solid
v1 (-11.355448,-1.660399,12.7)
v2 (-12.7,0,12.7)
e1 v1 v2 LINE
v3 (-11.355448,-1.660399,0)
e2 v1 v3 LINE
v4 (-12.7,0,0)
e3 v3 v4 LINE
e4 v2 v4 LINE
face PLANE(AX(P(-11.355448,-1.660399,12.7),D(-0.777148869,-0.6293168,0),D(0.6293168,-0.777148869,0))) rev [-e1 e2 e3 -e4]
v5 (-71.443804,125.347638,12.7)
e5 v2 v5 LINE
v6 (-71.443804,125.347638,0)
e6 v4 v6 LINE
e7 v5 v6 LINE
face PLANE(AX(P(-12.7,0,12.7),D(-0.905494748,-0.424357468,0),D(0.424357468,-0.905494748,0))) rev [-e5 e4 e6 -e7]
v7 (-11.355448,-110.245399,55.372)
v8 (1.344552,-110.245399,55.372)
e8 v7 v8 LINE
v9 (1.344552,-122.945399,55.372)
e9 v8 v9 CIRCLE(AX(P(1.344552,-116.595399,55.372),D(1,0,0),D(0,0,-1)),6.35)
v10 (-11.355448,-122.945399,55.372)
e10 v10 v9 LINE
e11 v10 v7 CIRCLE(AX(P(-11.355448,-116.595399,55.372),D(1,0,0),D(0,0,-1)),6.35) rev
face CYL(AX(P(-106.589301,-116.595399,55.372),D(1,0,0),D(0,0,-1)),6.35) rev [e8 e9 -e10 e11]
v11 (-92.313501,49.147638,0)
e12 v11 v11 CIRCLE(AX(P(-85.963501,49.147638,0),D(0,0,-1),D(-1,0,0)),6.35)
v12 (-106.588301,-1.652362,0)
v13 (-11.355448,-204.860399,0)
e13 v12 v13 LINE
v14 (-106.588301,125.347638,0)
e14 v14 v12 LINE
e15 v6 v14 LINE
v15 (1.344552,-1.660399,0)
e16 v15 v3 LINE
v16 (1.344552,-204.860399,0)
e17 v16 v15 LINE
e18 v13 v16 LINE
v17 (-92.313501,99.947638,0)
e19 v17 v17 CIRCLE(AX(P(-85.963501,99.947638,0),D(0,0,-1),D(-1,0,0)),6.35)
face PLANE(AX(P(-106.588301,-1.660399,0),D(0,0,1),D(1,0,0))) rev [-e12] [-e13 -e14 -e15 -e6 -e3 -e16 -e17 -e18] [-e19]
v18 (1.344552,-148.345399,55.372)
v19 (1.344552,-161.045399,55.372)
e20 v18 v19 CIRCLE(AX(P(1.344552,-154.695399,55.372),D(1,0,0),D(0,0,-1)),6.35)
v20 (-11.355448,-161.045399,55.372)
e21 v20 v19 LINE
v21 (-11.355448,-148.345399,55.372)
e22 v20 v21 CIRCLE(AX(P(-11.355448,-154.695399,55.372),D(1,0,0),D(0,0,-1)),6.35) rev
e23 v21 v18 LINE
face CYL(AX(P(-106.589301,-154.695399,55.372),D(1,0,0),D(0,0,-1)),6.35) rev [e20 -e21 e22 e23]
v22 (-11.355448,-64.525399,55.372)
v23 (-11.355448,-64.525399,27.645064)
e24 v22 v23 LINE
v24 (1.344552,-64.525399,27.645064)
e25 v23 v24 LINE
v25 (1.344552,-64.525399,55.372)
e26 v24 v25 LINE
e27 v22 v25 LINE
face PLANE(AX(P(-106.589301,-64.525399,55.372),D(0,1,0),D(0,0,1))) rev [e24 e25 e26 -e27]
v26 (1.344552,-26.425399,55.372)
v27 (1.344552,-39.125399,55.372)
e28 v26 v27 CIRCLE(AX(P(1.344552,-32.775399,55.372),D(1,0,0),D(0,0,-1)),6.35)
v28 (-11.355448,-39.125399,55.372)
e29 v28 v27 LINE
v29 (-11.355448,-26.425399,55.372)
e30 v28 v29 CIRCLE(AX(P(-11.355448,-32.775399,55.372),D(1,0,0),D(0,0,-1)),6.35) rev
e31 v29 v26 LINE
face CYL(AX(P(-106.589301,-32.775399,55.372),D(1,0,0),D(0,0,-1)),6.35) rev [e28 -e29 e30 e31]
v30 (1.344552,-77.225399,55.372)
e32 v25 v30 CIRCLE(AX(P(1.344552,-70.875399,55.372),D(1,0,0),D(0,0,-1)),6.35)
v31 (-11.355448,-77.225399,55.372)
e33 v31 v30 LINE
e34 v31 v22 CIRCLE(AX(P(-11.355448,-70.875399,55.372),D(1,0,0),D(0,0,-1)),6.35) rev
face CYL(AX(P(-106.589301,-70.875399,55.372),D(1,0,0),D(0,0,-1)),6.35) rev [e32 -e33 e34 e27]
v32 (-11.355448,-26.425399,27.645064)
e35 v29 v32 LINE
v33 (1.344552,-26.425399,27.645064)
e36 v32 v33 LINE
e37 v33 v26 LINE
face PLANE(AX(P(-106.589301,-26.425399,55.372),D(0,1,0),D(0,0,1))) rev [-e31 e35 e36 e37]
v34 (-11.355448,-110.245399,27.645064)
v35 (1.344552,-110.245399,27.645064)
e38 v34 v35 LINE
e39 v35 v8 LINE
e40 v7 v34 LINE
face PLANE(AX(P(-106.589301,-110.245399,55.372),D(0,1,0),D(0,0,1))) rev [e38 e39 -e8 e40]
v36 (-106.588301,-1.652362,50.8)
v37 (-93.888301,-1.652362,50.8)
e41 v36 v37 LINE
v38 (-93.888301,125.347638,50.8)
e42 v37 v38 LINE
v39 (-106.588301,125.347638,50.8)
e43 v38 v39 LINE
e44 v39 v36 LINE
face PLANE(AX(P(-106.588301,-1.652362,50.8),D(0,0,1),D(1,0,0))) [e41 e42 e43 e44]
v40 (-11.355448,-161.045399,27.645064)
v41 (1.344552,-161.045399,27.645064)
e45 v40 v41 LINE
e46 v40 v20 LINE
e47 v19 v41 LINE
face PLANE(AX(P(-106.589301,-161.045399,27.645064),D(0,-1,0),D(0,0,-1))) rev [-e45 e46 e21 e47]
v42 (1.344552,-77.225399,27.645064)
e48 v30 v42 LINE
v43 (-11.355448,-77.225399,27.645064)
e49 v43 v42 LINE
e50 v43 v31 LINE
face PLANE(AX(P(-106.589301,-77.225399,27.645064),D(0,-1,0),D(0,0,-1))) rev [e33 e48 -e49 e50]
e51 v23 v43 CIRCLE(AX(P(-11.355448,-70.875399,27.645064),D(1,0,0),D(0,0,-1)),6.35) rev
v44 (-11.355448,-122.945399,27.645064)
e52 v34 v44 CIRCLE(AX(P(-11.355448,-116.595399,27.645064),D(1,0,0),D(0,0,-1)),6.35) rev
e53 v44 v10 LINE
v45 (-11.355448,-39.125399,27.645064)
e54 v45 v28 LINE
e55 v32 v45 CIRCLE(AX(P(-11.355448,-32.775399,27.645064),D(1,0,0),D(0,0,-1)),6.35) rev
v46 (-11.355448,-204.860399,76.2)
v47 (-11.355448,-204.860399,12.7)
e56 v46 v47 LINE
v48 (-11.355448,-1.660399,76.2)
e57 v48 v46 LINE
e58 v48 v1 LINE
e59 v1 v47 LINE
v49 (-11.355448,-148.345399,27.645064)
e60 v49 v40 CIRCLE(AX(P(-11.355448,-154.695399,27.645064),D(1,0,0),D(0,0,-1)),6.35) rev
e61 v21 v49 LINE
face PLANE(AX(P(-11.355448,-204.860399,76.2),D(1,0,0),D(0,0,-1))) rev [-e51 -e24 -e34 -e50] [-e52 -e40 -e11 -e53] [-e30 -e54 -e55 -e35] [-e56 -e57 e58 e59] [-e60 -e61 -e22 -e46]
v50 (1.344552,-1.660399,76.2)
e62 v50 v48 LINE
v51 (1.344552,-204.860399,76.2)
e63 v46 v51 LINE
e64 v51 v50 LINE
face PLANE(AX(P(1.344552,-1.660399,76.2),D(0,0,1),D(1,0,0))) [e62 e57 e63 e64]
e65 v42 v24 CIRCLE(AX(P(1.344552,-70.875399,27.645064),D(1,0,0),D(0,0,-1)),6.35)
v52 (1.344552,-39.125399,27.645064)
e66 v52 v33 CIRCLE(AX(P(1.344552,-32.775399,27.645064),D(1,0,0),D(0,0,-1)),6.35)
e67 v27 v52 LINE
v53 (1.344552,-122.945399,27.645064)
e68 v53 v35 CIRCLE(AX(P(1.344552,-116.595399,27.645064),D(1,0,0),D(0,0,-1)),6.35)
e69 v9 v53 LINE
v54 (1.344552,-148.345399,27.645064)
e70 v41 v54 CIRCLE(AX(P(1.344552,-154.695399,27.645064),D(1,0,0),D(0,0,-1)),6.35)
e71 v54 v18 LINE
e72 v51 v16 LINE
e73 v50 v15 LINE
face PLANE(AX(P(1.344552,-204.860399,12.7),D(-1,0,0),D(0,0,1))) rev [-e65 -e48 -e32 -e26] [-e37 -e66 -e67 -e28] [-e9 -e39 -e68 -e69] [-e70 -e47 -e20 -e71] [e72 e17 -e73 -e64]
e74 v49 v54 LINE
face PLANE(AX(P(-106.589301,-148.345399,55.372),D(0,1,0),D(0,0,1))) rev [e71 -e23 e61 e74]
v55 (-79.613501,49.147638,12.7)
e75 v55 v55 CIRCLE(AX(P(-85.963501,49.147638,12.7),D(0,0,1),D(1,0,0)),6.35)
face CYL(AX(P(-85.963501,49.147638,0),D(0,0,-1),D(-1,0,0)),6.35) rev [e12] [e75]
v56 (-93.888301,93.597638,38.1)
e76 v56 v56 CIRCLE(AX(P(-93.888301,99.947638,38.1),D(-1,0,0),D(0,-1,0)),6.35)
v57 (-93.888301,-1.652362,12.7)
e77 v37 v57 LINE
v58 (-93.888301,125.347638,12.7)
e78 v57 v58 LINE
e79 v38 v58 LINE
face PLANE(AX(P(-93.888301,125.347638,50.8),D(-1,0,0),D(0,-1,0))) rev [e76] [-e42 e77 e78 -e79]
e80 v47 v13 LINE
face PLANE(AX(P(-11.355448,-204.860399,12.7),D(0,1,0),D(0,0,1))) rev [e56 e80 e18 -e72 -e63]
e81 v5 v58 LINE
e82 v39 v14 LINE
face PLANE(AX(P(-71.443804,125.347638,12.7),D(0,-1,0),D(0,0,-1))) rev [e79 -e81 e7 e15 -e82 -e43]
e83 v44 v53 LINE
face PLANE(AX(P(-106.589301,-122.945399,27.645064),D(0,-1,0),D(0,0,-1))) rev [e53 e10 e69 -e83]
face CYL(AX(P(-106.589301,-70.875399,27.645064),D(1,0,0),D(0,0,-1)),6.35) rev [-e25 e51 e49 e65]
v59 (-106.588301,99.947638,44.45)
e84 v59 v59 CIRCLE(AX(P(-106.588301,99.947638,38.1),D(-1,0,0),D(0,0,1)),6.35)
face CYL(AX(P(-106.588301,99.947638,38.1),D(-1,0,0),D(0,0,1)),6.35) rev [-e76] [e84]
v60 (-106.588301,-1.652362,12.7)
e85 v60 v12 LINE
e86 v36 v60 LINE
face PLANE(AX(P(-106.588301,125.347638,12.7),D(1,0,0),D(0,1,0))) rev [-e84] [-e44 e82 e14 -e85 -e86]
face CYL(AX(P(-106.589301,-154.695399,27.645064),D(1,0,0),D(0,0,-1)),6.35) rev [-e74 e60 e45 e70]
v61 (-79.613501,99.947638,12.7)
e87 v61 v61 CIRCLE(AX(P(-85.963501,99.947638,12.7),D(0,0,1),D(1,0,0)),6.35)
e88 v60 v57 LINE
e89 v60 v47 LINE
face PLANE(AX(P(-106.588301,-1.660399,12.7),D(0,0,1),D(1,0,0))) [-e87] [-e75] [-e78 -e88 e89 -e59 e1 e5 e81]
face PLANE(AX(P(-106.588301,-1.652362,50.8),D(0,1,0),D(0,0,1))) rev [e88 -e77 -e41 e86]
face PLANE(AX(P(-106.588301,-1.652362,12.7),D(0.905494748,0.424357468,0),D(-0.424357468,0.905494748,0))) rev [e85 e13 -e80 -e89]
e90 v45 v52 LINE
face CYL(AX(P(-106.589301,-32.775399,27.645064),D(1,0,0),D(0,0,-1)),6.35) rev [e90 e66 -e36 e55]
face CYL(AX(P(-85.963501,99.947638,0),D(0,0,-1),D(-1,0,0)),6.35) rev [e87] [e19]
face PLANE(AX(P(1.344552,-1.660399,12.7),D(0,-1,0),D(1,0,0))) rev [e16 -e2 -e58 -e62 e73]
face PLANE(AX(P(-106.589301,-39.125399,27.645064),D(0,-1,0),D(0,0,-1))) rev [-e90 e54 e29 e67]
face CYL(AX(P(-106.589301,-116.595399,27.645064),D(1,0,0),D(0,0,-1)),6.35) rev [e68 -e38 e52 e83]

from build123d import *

# Parameters (mm, degrees)
EXTRUDE1_DEPTH          = 12.7
SKETCH2_W               = 12.7
SKETCH2_H               = 127
EXTRUDE2_DEPTH          = 38.1
SKETCH3_W               = 12.7
SKETCH3_H               = 203.2
EXTRUDE3_DEPTH          = 63.5
F_1_2_20_TAPPED_HOLE1_D = 12.7
F_1_2_20_TAPPED_HOLE2_D = 12.7
CUT_EXTRUDE1_REACH      = 109.933


with BuildPart() as part:
    # Sketch1 → Extrude1 (new body)
    with BuildSketch(Plane.XY):
        Polygon((1.34455174, -204.860398808), (1.34455174, -1.660398808), (-11.35544826, -1.660398808), (-12.7, 0), (-71.443804275, 125.347638028), (-106.588300915, 125.347638028), (-106.588300915, -1.652361972), (-11.35544826, -204.860398808), align=None)
    extrude(amount=EXTRUDE1_DEPTH)

    # Sketch2 → Extrude2 (add)
    with BuildSketch(Plane.XY.offset(12.7)):
        with Locations((-100.238300915, 61.847638028)):
            Rectangle(SKETCH2_W, SKETCH2_H)
    extrude(amount=EXTRUDE2_DEPTH)

    # Sketch3 → Extrude3 (add)
    with BuildSketch(Plane.XY.offset(12.7)):
        with Locations((-5.00544826, -103.260398808)):
            Rectangle(SKETCH3_W, SKETCH3_H)
    extrude(amount=EXTRUDE3_DEPTH)

    # 1/2-20 Tapped Hole1 (through all)
    with Locations(Plane(origin=(-106.588300915, 99.947638028, 38.1), x_dir=(0, -1, 0), z_dir=(-1, 0, 0))):
        with Locations((0, 0)):
            Hole(F_1_2_20_TAPPED_HOLE1_D / 2)

    # 1/2-20 Tapped Hole2 (through all)
    with Locations(Plane(origin=(-85.963500915, 99.947638028, 0), x_dir=(-1, 0, 0), z_dir=(0, 0, -1))):
        with Locations((0, 0), (0, -50.8)):
            Hole(F_1_2_20_TAPPED_HOLE2_D / 2)

    # Sketch6 → Cut-Extrude1 (cut, up to next)
    with BuildSketch(Plane(origin=(1.34455174, 0, 0), x_dir=(0, 0, -1), z_dir=(1, 0, 0)), mode=Mode.PRIVATE) as cut_extrude1_sk1:
        with BuildLine():
            Line((-55.372, -26.425398808), (-27.645063582, -26.425398808))
            ThreePointArc((-27.645063582, -26.425398808), (-21.295063582, -32.775398808), (-27.645063582, -39.125398808))
            Line((-27.645063582, -39.125398808), (-55.372, -39.125398808))
            ThreePointArc((-55.372, -39.125398808), (-61.722, -32.775398808), (-55.372, -26.425398808))
        make_face()
    cut_extrude1_tool1 = extrude(cut_extrude1_sk1.sketch, amount=-CUT_EXTRUDE1_REACH, mode=Mode.PRIVATE) & part.part
    add(cut_extrude1_tool1.solids().sort_by_distance((1.344552, -32.775399, 41.508532))[0], mode=Mode.SUBTRACT)
    # Sketch6 → Cut-Extrude1 (cut, up to next)
    with BuildSketch(Plane(origin=(1.34455174, 0, 0), x_dir=(0, 0, -1), z_dir=(1, 0, 0)), mode=Mode.PRIVATE) as cut_extrude1_sk2:
        with BuildLine():
            Line((-55.372, -64.525398808), (-27.645063582, -64.525398808))
            ThreePointArc((-27.645063582, -64.525398808), (-21.295063582, -70.875398808), (-27.645063582, -77.225398808))
            Line((-27.645063582, -77.225398808), (-55.372, -77.225398808))
            ThreePointArc((-55.372, -77.225398808), (-61.722, -70.875398808), (-55.372, -64.525398808))
        make_face()
    cut_extrude1_tool2 = extrude(cut_extrude1_sk2.sketch, amount=-CUT_EXTRUDE1_REACH, mode=Mode.PRIVATE) & part.part
    add(cut_extrude1_tool2.solids().sort_by_distance((1.344552, -70.875399, 41.508532))[0], mode=Mode.SUBTRACT)
    # Sketch6 → Cut-Extrude1 (cut, up to next)
    with BuildSketch(Plane(origin=(1.34455174, 0, 0), x_dir=(0, 0, -1), z_dir=(1, 0, 0)), mode=Mode.PRIVATE) as cut_extrude1_sk3:
        with BuildLine():
            Line((-55.372, -110.245398808), (-27.645063582, -110.245398808))
            ThreePointArc((-27.645063582, -110.245398808), (-21.295063582, -116.595398808), (-27.645063582, -122.945398808))
            Line((-27.645063582, -122.945398808), (-55.372, -122.945398808))
            ThreePointArc((-55.372, -122.945398808), (-61.722, -116.595398808), (-55.372, -110.245398808))
        make_face()
    cut_extrude1_tool3 = extrude(cut_extrude1_sk3.sketch, amount=-CUT_EXTRUDE1_REACH, mode=Mode.PRIVATE) & part.part
    add(cut_extrude1_tool3.solids().sort_by_distance((1.344552, -116.595399, 41.508532))[0], mode=Mode.SUBTRACT)
    # Sketch6 → Cut-Extrude1 (cut, up to next)
    with BuildSketch(Plane(origin=(1.34455174, 0, 0), x_dir=(0, 0, -1), z_dir=(1, 0, 0)), mode=Mode.PRIVATE) as cut_extrude1_sk4:
        with BuildLine():
            Line((-55.372, -148.345398808), (-27.645063582, -148.345398808))
            ThreePointArc((-27.645063582, -148.345398808), (-21.295063582, -154.695398808), (-27.645063582, -161.045398808))
            Line((-27.645063582, -161.045398808), (-55.372, -161.045398808))
            ThreePointArc((-55.372, -161.045398808), (-61.722, -154.695398808), (-55.372, -148.345398808))
        make_face()
    cut_extrude1_tool4 = extrude(cut_extrude1_sk4.sketch, amount=-CUT_EXTRUDE1_REACH, mode=Mode.PRIVATE) & part.part
    add(cut_extrude1_tool4.solids().sort_by_distance((1.344552, -154.695399, 41.508532))[0], mode=Mode.SUBTRACT)


solid = part.part
